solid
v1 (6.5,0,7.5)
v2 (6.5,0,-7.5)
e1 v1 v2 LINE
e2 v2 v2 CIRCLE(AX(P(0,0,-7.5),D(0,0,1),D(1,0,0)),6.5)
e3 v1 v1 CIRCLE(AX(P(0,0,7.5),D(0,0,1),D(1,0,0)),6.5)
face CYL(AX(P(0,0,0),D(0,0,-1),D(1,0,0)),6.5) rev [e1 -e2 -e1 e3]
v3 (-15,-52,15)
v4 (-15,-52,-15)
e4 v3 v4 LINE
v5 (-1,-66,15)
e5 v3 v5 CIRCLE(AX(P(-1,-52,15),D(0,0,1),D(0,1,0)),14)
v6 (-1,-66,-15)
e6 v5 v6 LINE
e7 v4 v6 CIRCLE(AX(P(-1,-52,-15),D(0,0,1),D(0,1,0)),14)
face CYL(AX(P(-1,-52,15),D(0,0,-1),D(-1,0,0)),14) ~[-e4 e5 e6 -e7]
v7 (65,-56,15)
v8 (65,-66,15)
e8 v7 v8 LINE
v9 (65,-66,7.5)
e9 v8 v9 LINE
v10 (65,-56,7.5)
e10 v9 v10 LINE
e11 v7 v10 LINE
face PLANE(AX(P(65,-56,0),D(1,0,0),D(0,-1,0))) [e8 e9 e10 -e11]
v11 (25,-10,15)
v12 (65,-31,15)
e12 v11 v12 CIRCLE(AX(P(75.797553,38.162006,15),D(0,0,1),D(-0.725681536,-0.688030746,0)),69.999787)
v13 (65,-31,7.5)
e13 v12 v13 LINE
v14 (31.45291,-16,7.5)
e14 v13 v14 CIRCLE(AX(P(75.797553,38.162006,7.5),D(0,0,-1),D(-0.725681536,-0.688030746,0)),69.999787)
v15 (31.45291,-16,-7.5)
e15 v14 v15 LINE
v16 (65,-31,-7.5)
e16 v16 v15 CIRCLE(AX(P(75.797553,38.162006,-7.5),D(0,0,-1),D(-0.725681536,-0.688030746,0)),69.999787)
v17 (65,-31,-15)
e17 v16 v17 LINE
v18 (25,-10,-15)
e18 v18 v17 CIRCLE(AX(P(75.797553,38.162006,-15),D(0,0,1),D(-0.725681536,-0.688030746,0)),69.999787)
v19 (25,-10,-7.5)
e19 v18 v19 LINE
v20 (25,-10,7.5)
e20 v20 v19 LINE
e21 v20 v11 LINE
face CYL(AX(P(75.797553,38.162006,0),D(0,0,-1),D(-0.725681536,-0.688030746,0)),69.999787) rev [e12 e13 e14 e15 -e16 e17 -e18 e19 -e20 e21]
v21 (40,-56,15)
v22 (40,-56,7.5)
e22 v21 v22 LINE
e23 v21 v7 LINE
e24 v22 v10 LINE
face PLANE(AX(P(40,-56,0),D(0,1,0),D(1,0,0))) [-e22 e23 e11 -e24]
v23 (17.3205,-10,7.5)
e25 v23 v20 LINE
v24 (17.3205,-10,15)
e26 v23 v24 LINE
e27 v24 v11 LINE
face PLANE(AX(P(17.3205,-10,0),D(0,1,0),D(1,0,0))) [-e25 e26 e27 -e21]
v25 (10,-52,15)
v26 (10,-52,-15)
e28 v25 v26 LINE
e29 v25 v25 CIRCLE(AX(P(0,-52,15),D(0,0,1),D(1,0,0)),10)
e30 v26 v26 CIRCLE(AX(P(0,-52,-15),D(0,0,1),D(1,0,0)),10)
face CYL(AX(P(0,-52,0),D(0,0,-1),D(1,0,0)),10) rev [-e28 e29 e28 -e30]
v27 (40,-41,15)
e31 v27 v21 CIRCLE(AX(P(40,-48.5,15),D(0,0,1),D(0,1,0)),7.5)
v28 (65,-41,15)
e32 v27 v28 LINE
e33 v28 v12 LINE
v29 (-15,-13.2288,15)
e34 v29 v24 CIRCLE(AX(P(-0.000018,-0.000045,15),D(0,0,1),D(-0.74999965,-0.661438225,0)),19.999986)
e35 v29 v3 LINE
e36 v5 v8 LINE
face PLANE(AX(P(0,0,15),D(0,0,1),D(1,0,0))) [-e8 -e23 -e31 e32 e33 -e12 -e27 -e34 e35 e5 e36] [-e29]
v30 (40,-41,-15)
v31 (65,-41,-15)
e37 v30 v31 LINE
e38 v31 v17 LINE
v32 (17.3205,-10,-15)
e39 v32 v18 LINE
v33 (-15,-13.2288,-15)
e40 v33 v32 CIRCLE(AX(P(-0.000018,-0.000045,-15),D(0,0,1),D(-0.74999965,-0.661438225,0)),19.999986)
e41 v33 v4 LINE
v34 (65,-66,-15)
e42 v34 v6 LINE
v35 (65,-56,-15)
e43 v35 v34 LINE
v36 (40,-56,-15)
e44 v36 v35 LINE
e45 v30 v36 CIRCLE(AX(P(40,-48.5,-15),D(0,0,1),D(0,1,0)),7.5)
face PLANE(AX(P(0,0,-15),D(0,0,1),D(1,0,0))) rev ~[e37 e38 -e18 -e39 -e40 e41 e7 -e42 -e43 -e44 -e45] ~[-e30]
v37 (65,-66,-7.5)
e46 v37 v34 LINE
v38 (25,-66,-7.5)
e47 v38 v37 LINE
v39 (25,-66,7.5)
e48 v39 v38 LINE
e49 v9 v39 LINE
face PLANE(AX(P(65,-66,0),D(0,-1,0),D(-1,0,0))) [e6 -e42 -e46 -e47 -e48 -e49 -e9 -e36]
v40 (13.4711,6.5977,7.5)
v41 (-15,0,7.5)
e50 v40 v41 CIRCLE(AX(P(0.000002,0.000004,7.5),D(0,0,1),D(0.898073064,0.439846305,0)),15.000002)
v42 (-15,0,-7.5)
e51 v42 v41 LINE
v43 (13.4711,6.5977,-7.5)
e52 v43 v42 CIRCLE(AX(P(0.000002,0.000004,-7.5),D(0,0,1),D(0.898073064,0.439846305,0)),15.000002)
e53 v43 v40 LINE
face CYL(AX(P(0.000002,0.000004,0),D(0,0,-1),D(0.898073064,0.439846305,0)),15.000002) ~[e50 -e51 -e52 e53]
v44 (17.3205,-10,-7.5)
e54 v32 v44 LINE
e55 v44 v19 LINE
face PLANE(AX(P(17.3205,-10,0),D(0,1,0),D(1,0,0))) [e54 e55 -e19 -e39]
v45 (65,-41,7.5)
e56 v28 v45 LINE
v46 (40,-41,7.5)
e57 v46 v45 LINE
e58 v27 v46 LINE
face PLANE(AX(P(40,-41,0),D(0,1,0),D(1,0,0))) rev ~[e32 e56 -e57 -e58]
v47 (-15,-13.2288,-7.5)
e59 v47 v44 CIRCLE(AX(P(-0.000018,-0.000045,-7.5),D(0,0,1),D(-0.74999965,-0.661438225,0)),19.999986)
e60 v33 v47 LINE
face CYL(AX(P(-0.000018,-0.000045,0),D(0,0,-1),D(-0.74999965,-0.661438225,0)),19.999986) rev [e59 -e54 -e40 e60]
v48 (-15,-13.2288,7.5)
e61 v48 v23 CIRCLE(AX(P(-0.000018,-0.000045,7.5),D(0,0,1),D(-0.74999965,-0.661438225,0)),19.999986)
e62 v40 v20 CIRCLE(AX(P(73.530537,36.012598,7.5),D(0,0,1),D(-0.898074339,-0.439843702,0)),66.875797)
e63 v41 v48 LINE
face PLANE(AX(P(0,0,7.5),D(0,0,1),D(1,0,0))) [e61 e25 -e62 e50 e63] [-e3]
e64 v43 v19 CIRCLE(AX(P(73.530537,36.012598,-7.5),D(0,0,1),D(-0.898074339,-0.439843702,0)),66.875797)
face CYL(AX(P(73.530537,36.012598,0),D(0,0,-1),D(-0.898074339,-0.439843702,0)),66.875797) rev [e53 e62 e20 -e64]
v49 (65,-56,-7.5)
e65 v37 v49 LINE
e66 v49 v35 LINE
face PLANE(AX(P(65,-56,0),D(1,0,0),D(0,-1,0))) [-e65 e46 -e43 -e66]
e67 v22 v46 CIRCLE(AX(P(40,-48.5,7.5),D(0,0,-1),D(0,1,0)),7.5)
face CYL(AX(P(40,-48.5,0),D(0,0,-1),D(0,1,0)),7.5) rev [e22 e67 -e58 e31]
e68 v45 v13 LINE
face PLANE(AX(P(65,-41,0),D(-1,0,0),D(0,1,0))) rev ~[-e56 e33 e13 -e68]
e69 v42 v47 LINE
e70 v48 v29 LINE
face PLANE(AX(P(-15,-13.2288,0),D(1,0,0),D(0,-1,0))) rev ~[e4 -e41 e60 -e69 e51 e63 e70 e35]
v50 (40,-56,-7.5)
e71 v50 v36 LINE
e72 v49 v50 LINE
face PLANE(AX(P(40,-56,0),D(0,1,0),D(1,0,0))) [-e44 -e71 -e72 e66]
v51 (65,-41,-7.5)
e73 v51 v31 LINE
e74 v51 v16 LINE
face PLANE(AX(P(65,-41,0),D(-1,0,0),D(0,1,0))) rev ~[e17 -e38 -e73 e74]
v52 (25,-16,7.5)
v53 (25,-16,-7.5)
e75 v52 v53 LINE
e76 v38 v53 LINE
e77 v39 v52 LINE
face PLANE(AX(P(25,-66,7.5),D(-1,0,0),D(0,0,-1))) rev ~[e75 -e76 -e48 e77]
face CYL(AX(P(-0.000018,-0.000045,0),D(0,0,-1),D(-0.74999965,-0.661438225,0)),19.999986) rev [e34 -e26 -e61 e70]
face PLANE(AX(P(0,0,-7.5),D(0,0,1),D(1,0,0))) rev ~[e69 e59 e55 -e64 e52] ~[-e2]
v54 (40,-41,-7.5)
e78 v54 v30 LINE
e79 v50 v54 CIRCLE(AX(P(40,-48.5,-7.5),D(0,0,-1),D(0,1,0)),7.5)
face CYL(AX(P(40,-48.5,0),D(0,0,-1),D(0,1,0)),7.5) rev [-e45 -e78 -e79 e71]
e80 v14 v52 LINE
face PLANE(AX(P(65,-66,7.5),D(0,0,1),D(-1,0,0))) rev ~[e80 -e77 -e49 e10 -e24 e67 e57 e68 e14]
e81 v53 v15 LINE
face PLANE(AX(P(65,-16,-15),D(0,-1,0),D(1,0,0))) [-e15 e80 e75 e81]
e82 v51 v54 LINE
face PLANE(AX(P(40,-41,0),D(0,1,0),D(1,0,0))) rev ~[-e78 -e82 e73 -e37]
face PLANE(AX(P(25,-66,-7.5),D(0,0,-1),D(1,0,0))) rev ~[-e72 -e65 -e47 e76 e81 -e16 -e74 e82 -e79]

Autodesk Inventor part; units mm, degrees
ref_plane "YZ Plane" through (0, 0, 0) normal (1, 0, 0) x (0, 1, 0)
ref_plane "XZ Plane" through (0, 0, 0) normal (0, 1, 0) x (-1, 0, 0)
ref_plane "XY Plane" through (0, 0, 0) normal (0, 0, 1) x (1, 0, 0)
sketch "Boceto1" plane through (0, 0, 0) normal (0, 0, 1) x (1, 0, 0)
  line L0 (0, 50) -> (0, -50) construction
  line L1 (-50, 0) -> (50, 0) construction
  line L2 (-50, -52) -> (50, -52) construction
  circle A0 centre (0, -52) radius 10
  circle A1 centre (0, 0) radius 6.5
  arc A2 (13.4711, 6.5977) -> (-15, 0) centre (0, 0) ccw
  arc A3 (-15, -13.2288) -> (17.3205, -10) centre (0, 0) ccw
  line L3 (17.3205, -10) -> (25, -10)
  line L4 (40, -56) -> (65, -56)
  line L5 (65, -56) -> (65, -66)
  line L6 (65, -66) -> (40, -66)
  line L7 (-15, 0) -> (-15, -66)
  line L8 (65, 25.2383) -> (65, -76.5705) construction
  line L9 (40, -66) -> (-15, -66)
  line L10 (40, -41) -> (65, -41)
  arc A4 (40, -41) -> (40, -56) centre (40, -48.5) ccw
  line L11 (65, -41) -> (65, -31)
  line L12 (25, 28.6395) -> (25, -70.532) construction
  arc A5 (25, -10) -> (65, -31) centre (75.7977, 38.1622) ccw
  arc A6 (13.4711, 6.5977) -> (25, -10) centre (73.5302, 36.0124) ccw
  point P0 (0, 0)
  point P1 (17.3859, -10)
  point P2 (65, -61)
  point P3 (40, -61)
  point P4 (52.5, -41)
  dimension "d0" = 100
  dimension "d1" = 100
  dimension "d2" = 52
  dimension "d3" = 100
  dimension "d4" = 20
  dimension "d5" = 13
  dimension "d6" = 15
  dimension "d7" = 20
  dimension "d8" = 10
  dimension "d9" = 56
  dimension "d10" = 10
  dimension "d11" = 25
  dimension "d12" = 80
  dimension "d14" = 15
  dimension "d15" = 7.5
  dimension "d16" = 7.5
  dimension "d17" = 25
  dimension "d18" = 10
  dimension "d19" = 40
  dimension "d20" = 25
  dimension "d21" = 80
  dimension "d22" = 70
  dimension "d23" = 7.6141
extrude "Extrusión1" add sketch "Boceto1" along normal mid plane 15 contours A6 L3 A3 L7 A2
extrude "Extrusión2" add sketch "Boceto1" along normal mid plane 30 contours A5 L11 L10 A4 L4 L5 L6 L9 L7 A3 L3
fillet "Empalme1" radius 14 1 edges at (-15, -66, 0)
sketch "Boceto2" plane through (65, -66, -15) normal (0, -1, 0) x (1, 0, 0)
  line L0 (0, 0) -> (0, 30) projected
  line L1 (0, 22.5) -> (-40, 22.5)
  line L2 (-40, 22.5) -> (-40, 7.5)
  line L3 (-40, 7.5) -> (0, 7.5)
  line L4 (0, 7.5) -> (0, 22.5)
  line L5 (38.7229, 15) -> (-93.8867, 15) construction
  point P0 (-65, 15)
  point P1 (0, 7.5)
  dimension "d29" = 40
  dimension "d30" = 15
  dimension "d31" = 15
  dimension "d32" = 132.6097
  dimension "d33" = 38.7229
extrude "Extrusión3" cut sketch "Boceto2" against normal blind 50
properties part number "ensayo 8" material "Acero inoxidable"
